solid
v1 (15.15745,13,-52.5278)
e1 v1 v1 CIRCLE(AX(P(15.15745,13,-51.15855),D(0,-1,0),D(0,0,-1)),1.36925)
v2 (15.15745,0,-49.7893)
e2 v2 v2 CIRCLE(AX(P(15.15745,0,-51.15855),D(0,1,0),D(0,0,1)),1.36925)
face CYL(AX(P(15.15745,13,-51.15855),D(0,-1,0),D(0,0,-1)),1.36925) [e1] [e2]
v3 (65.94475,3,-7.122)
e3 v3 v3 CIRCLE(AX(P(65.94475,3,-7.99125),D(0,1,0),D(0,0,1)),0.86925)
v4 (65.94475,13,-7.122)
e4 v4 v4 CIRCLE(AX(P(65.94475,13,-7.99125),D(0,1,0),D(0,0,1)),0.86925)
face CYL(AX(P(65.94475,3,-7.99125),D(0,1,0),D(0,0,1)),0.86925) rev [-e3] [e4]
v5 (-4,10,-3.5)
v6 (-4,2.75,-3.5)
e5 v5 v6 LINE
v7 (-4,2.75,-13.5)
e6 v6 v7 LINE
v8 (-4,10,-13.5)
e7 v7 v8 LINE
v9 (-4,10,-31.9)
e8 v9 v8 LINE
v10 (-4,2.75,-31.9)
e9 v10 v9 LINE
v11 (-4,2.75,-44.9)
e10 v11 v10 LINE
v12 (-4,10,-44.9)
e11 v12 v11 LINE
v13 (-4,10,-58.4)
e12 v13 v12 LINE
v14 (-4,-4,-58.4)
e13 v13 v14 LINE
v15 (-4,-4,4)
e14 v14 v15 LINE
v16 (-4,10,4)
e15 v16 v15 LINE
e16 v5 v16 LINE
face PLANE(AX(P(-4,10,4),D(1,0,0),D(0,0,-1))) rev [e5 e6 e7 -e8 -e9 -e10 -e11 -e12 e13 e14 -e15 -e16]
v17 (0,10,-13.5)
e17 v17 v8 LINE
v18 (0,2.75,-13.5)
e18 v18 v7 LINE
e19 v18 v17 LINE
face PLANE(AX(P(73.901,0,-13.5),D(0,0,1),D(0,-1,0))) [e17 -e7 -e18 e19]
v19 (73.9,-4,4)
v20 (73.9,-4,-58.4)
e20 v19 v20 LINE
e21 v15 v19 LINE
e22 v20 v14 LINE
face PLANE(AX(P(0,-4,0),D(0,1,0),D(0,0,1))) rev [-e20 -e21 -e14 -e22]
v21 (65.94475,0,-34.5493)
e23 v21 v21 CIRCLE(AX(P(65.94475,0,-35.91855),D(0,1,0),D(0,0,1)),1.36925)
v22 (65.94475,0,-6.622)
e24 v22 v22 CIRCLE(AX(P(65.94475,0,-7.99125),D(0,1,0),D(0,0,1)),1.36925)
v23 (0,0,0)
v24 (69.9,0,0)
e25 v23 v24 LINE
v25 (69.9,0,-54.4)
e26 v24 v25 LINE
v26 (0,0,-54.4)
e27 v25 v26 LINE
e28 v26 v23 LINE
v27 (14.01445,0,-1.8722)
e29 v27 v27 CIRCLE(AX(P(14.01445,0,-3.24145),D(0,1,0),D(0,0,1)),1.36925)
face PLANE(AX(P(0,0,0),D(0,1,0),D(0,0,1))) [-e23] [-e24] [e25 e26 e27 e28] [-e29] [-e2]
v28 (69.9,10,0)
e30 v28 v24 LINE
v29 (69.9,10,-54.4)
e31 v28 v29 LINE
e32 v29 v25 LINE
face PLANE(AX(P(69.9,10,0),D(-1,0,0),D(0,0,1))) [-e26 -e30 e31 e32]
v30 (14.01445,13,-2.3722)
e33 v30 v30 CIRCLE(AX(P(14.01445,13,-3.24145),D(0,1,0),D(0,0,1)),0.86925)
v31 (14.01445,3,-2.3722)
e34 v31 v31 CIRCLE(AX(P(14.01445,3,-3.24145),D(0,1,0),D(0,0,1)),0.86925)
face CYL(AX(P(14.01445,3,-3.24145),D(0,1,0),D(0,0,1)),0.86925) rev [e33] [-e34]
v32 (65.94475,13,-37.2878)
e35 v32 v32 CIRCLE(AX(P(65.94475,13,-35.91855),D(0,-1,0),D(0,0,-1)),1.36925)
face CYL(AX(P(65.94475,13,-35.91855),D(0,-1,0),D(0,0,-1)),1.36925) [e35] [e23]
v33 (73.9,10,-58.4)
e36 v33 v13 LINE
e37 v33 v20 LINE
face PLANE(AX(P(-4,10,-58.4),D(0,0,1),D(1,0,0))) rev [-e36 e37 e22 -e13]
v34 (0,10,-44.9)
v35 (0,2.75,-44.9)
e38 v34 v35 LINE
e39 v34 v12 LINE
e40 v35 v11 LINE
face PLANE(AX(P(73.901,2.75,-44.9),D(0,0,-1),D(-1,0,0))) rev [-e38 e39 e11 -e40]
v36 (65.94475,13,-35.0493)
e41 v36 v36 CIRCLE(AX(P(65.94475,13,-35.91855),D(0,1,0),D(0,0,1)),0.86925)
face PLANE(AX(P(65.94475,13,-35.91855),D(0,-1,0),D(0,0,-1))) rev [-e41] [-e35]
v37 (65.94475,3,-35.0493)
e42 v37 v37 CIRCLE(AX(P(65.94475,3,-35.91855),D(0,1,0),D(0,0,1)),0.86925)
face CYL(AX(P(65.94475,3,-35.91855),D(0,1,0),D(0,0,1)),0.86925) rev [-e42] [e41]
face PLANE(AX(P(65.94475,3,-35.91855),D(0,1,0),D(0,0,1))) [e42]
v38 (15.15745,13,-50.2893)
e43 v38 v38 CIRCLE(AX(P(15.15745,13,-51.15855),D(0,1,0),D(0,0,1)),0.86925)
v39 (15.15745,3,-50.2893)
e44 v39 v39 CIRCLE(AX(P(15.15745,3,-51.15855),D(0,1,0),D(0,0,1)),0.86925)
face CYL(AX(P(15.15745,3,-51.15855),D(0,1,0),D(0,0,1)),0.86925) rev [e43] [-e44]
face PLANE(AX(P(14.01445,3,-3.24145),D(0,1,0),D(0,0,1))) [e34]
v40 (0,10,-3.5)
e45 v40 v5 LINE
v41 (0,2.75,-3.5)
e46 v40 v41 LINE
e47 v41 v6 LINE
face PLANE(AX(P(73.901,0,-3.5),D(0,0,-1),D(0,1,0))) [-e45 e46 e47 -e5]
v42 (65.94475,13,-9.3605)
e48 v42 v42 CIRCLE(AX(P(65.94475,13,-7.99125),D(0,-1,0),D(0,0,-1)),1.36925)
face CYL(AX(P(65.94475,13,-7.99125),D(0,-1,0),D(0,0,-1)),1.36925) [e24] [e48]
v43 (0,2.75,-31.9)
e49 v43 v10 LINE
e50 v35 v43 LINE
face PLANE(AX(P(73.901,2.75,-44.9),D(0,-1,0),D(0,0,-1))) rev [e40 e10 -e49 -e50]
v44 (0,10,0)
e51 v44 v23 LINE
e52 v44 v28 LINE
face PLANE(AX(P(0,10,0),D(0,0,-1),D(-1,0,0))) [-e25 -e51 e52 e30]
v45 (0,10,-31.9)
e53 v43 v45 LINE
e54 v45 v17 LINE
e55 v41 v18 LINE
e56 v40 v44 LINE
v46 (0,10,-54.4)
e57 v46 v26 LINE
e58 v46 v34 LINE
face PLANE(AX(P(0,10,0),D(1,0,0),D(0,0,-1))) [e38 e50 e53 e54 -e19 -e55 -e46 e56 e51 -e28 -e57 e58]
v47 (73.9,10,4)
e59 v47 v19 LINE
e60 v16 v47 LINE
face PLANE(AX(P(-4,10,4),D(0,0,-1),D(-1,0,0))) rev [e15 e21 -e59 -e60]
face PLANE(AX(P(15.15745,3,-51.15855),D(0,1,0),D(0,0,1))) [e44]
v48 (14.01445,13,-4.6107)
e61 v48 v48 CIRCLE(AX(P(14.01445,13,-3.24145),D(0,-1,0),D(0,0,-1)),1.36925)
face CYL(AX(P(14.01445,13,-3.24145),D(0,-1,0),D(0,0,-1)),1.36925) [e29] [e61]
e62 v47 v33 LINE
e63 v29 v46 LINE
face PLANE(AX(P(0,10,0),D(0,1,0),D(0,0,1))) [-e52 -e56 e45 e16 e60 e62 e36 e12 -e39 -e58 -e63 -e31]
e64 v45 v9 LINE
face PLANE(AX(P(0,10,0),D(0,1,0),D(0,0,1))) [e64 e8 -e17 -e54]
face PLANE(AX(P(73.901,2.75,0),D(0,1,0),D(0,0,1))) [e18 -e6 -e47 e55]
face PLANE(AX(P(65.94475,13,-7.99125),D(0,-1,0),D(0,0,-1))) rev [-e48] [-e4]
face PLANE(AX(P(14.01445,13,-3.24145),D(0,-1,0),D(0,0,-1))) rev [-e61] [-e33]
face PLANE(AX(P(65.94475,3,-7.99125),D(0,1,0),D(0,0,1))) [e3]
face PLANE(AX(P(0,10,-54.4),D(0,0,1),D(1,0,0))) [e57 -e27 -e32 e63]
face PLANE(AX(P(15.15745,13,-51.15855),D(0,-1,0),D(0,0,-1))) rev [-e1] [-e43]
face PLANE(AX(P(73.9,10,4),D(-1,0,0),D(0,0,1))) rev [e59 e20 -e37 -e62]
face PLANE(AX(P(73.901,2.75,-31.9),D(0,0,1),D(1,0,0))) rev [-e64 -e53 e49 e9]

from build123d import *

# Parameters (mm, degrees)
SKETCH1_W           = 77.9
SKETCH1_H           = 62.4
SKETCH1_W_2         = 69.9
SKETCH1_H_2         = 54.4
BOSS_EXTRUDE1_DEPTH = 10
SKETCH2_W           = 77.9
SKETCH2_H           = 62.4
BOSS_EXTRUDE2_DEPTH = 4
CUT_EXTRUDE1_REACH  = 99.872
SKETCH3_W           = 13
SKETCH3_H           = 7.25
CUT_EXTRUDE2_REACH  = 99.872
SKETCH4_W           = 10
SKETCH4_H           = 7.25
SKETCH5_R           = 1.36925
BOSS_EXTRUDE3_DEPTH = 17
SKETCH6_R           = 0.86925
CUT_EXTRUDE3_DEPTH  = 10


with BuildPart() as part:
    # Sketch1 → Boss-Extrude1 (new body)
    with BuildSketch(Plane(origin=(0, 0, 0), x_dir=(1, 0, 0), z_dir=(0, 1, 0))):
        with Locations((34.95, 27.2)):
            Rectangle(SKETCH1_W, SKETCH1_H)
        with Locations((34.95, 27.2)):
            Rectangle(SKETCH1_W_2, SKETCH1_H_2, mode=Mode.SUBTRACT)
    extrude(amount=BOSS_EXTRUDE1_DEPTH)

    # Sketch2 → Boss-Extrude2 (add)
    with BuildSketch(Plane(origin=(0, 0, 0), x_dir=(1, 0, 0), z_dir=(0, 1, 0))):
        with Locations((34.95, 27.2)):
            Rectangle(SKETCH2_W, SKETCH2_H)
    extrude(amount=-BOSS_EXTRUDE2_DEPTH)

    # Sketch3 → Cut-Extrude1 (cut, up to next)
    with BuildSketch(Plane.ZY.offset(4), mode=Mode.PRIVATE) as cut_extrude1_sk1:
        with Locations((-38.4, 6.375)):
            Rectangle(SKETCH3_W, SKETCH3_H)
    cut_extrude1_tool1 = extrude(cut_extrude1_sk1.sketch, amount=-CUT_EXTRUDE1_REACH, mode=Mode.PRIVATE) & part.part
    add(cut_extrude1_tool1.solids().sort_by_distance((-4, 6.375, -38.4))[0], mode=Mode.SUBTRACT)

    # Sketch4 → Cut-Extrude2 (cut, up to next)
    with BuildSketch(Plane.ZY.offset(4), mode=Mode.PRIVATE) as cut_extrude2_sk1:
        with Locations((-8.5, 6.375)):
            Rectangle(SKETCH4_W, SKETCH4_H)
    cut_extrude2_tool1 = extrude(cut_extrude2_sk1.sketch, amount=-CUT_EXTRUDE2_REACH, mode=Mode.PRIVATE) & part.part
    add(cut_extrude2_tool1.solids().sort_by_distance((-4, 6.375, -8.5))[0], mode=Mode.SUBTRACT)

    # Sketch5 → Boss-Extrude3 (add)
    with BuildSketch(Plane(origin=(0, -4, 0), x_dir=(-1, 0, 0), z_dir=(0, -1, 0))):
        with Locations((-65.94475, 7.99125)):
            Circle(SKETCH5_R)
        with Locations((-15.15745, 51.15855)):
            Circle(SKETCH5_R)
        with Locations((-65.94475, 35.91855)):
            Circle(SKETCH5_R)
        with Locations((-14.01445, 3.24145)):
            Circle(SKETCH5_R)
    extrude(amount=-BOSS_EXTRUDE3_DEPTH)

    # Sketch6 → Cut-Extrude3 (cut)
    with BuildSketch(Plane(origin=(0, 13, 0), x_dir=(1, 0, 0), z_dir=(0, 1, 0))):
        with Locations((65.94475, 35.91855)):
            Circle(SKETCH6_R)
        with Locations((65.94475, 7.99125)):
            Circle(SKETCH6_R)
        with Locations((14.01445, 3.24145)):
            Circle(SKETCH6_R)
        with Locations((15.15745, 51.15855)):
            Circle(SKETCH6_R)
    extrude(amount=-CUT_EXTRUDE3_DEPTH, mode=Mode.SUBTRACT)


solid = part.part
